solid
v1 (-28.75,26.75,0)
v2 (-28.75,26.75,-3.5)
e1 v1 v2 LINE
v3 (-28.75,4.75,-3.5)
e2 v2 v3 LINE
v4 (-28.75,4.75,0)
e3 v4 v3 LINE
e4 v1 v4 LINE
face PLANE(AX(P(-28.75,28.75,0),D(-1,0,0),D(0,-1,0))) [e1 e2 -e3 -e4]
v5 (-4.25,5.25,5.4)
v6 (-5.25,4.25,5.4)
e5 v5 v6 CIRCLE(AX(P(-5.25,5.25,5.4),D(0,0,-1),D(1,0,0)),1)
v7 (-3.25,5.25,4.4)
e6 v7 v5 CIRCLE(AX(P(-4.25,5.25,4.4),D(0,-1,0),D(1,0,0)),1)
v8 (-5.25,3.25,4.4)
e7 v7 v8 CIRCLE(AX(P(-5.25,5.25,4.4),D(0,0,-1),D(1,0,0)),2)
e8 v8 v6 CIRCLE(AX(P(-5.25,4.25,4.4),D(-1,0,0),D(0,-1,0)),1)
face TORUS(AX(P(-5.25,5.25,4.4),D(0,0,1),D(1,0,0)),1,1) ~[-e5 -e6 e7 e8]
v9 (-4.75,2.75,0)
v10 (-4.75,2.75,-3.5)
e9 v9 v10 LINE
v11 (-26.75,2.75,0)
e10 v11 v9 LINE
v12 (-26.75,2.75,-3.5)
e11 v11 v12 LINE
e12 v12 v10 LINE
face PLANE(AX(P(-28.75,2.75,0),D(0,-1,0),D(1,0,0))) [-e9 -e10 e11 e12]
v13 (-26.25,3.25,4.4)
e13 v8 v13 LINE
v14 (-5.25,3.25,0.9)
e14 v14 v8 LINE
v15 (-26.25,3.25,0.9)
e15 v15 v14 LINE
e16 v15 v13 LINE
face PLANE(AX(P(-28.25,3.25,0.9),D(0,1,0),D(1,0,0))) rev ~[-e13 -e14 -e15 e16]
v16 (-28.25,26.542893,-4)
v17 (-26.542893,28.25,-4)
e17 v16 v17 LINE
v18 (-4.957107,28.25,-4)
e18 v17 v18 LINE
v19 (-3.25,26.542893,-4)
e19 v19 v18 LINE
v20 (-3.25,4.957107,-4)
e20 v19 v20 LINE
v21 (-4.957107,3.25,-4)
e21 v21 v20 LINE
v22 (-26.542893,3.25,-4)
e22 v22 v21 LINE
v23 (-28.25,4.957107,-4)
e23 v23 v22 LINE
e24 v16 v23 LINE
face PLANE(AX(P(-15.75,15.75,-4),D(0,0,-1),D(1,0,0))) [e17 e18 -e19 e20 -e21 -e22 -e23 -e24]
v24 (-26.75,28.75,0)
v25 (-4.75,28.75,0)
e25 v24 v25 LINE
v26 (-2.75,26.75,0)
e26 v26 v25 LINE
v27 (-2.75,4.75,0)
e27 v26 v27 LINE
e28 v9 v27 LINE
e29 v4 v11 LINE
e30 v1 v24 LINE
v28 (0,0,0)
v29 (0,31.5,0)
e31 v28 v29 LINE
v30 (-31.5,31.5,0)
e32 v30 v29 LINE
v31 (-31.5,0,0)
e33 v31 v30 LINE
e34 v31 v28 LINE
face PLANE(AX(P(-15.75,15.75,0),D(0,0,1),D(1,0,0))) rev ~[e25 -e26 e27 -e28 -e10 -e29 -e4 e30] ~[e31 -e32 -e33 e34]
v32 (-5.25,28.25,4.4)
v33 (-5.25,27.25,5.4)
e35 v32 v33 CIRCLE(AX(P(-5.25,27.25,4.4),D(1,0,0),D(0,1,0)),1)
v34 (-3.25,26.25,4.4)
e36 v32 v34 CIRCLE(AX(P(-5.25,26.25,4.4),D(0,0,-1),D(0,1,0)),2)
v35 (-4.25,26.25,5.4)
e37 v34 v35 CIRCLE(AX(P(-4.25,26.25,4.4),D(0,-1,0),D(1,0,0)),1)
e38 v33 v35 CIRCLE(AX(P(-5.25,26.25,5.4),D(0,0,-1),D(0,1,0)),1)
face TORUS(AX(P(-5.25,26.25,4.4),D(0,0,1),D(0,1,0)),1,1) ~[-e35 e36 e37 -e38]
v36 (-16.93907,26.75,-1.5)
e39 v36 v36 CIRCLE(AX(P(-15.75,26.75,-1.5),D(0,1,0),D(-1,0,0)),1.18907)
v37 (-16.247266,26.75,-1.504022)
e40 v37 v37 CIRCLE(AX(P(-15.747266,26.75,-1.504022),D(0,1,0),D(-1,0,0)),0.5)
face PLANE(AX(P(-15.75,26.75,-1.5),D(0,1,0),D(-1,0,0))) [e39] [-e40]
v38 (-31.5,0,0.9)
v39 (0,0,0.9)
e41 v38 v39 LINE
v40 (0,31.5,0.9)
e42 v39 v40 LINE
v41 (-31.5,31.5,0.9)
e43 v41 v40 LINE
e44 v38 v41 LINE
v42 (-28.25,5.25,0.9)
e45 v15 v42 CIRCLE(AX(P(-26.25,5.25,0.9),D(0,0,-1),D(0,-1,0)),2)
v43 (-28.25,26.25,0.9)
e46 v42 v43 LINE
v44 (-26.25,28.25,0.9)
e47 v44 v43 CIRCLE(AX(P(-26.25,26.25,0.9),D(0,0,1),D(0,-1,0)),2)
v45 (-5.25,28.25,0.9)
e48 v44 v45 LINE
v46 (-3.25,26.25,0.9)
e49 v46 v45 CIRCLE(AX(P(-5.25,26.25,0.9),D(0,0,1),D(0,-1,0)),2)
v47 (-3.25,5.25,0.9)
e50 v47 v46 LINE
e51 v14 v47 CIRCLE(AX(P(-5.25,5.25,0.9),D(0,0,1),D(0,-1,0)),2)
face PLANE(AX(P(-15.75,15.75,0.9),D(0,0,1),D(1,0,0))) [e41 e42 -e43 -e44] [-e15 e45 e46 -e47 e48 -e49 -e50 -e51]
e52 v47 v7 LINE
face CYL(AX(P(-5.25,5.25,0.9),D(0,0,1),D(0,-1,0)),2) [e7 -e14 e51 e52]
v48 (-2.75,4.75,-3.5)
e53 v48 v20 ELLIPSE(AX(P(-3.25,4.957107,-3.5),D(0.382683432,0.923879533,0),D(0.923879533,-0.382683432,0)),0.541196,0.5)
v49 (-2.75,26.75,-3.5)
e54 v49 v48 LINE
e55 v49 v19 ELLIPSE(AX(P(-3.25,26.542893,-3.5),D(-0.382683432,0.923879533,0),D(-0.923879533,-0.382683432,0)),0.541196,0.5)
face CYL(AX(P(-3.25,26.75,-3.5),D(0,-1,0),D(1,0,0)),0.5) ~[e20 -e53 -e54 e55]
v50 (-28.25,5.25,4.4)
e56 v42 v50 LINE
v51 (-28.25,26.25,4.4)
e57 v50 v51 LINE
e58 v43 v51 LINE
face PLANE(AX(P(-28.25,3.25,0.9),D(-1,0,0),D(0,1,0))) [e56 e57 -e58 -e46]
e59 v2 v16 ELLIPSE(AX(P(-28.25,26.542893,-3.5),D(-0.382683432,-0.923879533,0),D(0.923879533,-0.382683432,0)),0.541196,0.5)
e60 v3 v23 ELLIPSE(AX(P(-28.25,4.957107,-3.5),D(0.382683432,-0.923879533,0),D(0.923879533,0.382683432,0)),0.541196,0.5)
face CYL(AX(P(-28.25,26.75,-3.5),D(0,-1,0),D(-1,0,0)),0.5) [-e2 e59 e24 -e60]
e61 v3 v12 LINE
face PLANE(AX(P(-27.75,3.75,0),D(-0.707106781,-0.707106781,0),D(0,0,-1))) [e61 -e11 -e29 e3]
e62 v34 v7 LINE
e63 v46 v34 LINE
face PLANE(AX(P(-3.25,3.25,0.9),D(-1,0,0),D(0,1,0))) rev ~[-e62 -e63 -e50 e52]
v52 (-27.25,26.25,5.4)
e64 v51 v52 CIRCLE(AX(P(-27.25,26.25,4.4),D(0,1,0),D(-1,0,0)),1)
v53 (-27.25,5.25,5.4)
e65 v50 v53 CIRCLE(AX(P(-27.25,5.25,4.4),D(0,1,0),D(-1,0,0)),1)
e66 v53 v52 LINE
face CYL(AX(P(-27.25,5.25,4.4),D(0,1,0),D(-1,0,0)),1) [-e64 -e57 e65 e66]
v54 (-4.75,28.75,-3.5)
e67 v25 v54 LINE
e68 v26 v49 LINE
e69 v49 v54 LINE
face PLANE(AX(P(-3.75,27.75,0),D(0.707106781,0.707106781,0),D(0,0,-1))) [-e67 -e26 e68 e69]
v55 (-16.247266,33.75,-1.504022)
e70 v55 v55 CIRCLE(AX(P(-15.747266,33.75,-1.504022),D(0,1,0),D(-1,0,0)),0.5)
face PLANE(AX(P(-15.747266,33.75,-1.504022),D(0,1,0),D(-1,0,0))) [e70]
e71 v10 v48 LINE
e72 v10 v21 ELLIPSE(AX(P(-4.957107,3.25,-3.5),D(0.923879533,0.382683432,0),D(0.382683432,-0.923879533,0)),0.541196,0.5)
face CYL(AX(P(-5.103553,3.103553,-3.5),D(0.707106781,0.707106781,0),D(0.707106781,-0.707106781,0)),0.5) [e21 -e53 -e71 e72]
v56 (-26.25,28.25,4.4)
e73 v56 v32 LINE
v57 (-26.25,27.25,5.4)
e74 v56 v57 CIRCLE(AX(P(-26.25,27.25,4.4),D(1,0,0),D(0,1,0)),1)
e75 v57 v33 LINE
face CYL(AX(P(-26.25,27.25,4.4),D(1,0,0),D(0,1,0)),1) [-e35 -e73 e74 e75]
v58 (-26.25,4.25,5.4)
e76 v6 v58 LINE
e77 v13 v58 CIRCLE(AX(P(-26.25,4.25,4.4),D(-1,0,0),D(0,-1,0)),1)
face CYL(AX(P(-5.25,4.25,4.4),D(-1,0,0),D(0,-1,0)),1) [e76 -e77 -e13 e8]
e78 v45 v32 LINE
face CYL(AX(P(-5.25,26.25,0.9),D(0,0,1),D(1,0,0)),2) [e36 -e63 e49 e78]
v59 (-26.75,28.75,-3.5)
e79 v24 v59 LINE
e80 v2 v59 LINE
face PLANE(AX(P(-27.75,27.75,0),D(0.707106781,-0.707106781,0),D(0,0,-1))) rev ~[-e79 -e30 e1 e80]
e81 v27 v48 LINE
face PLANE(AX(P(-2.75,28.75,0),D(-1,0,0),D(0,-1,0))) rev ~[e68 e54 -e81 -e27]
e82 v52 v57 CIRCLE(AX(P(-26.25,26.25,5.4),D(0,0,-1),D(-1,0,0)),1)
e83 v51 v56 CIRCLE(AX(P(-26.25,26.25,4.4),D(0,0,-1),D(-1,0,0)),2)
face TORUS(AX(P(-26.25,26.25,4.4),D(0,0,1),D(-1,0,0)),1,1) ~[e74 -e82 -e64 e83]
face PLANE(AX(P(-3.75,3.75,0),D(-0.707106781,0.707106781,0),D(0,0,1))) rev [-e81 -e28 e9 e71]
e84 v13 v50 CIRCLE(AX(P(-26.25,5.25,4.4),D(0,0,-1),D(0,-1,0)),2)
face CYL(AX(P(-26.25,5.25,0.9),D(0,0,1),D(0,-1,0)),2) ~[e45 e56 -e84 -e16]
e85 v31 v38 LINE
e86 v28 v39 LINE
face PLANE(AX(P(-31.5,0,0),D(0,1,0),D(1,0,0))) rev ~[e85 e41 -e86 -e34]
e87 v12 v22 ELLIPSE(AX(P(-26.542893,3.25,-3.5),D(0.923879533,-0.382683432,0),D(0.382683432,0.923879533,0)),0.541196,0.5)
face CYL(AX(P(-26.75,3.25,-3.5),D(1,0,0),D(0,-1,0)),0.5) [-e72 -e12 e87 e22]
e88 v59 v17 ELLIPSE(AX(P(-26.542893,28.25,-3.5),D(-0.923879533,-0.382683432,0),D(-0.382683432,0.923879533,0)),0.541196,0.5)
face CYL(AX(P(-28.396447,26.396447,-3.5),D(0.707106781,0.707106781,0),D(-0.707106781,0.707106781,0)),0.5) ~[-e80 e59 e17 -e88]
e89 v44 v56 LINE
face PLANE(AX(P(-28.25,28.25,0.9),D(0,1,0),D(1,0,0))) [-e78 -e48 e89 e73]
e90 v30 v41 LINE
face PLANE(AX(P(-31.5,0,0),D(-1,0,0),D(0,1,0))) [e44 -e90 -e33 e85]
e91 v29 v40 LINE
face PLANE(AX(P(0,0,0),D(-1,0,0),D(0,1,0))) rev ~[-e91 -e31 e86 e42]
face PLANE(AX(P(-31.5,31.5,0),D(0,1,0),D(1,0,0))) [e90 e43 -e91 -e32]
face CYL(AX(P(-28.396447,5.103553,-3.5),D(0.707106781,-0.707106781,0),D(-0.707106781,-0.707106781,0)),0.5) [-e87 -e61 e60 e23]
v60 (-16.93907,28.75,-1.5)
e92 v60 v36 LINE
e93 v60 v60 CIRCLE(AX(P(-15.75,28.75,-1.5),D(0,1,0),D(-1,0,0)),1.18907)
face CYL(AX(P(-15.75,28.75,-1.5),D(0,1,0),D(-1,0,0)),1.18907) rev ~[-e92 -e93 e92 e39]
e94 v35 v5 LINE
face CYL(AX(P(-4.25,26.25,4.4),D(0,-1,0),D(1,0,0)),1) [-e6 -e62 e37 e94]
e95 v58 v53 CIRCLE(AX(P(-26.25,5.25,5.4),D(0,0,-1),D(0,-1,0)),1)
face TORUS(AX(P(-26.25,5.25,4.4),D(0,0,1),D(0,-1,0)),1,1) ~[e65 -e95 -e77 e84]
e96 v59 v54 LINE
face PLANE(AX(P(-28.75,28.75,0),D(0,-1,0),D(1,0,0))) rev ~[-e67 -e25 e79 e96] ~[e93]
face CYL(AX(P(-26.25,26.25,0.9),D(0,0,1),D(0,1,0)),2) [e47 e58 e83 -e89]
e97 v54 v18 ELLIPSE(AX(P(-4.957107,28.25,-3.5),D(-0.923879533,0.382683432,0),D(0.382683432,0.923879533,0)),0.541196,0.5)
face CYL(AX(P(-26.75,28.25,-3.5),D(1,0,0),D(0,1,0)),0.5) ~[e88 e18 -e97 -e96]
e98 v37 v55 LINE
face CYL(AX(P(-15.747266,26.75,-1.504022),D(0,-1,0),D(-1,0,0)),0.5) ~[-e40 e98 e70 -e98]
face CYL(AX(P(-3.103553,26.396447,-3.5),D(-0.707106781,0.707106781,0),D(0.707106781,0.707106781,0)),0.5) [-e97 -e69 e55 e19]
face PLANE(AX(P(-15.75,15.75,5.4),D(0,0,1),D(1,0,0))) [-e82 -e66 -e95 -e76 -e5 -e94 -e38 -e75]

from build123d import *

# Parameters (mm, degrees)
SKETCH_W     = 31.5
SKETCH_H     = 31.5
PAD_DEPTH    = 0.9
SKETCH001_W  = 26
SKETCH001_H  = 26
PAD001_DEPTH = 4
SKETCH002_W  = 25
SKETCH002_H  = 25
PAD002_DEPTH = 4.5
FILLET_R     = 2
FILLET001_R  = 1
CHAMFER_SIZE = 2
FILLET002_R  = 0.5
SKETCH003_R  = 1.18907
POCKET_DEPTH = 2
SKETCH004_R  = 0.5
PAD003_DEPTH = 7


with BuildPart() as part:
    # Sketch → Pad (new body)
    with BuildSketch(Plane.XY):
        with Locations((-15.75, 15.75)):
            Rectangle(SKETCH_W, SKETCH_H)
    extrude(amount=PAD_DEPTH)

    # Sketch001 (on Face5 of Pad) → Pad001 (join)
    with BuildSketch(Plane(origin=(0, 0, 0), x_dir=(1, 0, 0), z_dir=(0, 0, -1))):
        with Locations((-15.75, -15.75)):
            Rectangle(SKETCH001_W, SKETCH001_H)
    extrude(amount=PAD001_DEPTH)

    # Sketch002 (on Face5 of Pad001) → Pad002 (join)
    with BuildSketch(Plane.XY.offset(0.9)):
        with Locations((-15.75, 15.75)):
            Rectangle(SKETCH002_W, SKETCH002_H)
    extrude(amount=PAD002_DEPTH)

    # Fillet
    fillet_edges = [part.edges().sort_by_distance(p)[0] for p in [
        (-3.25, 28.25, 3.15),
        (-3.25, 3.25, 3.15),
        (-28.25, 28.25, 3.15),
        (-28.25, 3.25, 3.15),
    ]]
    fillet(fillet_edges, radius=FILLET_R)

    # Fillet001
    fillet001_edges = [part.edges().sort_by_distance(p)[0] for p in [
        (-15.75, 28.25, 5.4),
        (-27.664214, 27.664214, 5.4),
        (-3.835786, 27.664214, 5.4),
        (-28.25, 15.75, 5.4),
        (-3.25, 15.75, 5.4),
        (-27.664214, 3.835786, 5.4),
        (-3.835786, 3.835786, 5.4),
        (-15.75, 3.25, 5.4),
    ]]
    fillet(fillet001_edges, radius=FILLET001_R)

    # Chamfer
    chamfer_edges = [part.edges().sort_by_distance(p)[0] for p in [
        (-2.75, 2.75, -2),
        (-2.75, 28.75, -2),
        (-28.75, 2.75, -2),
        (-28.75, 28.75, -2),
    ]]
    chamfer(chamfer_edges, length=CHAMFER_SIZE)

    # Fillet002
    fillet002_edges = [part.edges().sort_by_distance(p)[0] for p in [
        (-15.75, 2.75, -4),
        (-27.75, 3.75, -4),
        (-3.75, 3.75, -4),
        (-28.75, 15.75, -4),
        (-2.75, 15.75, -4),
        (-27.75, 27.75, -4),
        (-3.75, 27.75, -4),
        (-15.75, 28.75, -4),
    ]]
    fillet(fillet002_edges, radius=FILLET002_R)

    # Sketch003 (on Face7 of Fillet002) → Pocket (cut)
    with BuildSketch(Plane(origin=(0, 28.75, 0), x_dir=(-1, 0, 0), z_dir=(0, 1, 0))):
        with Locations((15.75, -1.5)):
            Circle(SKETCH003_R)
    extrude(amount=-POCKET_DEPTH, mode=Mode.SUBTRACT)

    # Sketch004 (on Face25 of Pocket) → Pad003 (join)
    with BuildSketch(Plane(origin=(0, 26.75, 0), x_dir=(-1, 0, 0), z_dir=(0, 1, 0))):
        with Locations((15.747266, -1.504022)):
            Circle(SKETCH004_R)
    extrude(amount=PAD003_DEPTH)


solid = part.part
